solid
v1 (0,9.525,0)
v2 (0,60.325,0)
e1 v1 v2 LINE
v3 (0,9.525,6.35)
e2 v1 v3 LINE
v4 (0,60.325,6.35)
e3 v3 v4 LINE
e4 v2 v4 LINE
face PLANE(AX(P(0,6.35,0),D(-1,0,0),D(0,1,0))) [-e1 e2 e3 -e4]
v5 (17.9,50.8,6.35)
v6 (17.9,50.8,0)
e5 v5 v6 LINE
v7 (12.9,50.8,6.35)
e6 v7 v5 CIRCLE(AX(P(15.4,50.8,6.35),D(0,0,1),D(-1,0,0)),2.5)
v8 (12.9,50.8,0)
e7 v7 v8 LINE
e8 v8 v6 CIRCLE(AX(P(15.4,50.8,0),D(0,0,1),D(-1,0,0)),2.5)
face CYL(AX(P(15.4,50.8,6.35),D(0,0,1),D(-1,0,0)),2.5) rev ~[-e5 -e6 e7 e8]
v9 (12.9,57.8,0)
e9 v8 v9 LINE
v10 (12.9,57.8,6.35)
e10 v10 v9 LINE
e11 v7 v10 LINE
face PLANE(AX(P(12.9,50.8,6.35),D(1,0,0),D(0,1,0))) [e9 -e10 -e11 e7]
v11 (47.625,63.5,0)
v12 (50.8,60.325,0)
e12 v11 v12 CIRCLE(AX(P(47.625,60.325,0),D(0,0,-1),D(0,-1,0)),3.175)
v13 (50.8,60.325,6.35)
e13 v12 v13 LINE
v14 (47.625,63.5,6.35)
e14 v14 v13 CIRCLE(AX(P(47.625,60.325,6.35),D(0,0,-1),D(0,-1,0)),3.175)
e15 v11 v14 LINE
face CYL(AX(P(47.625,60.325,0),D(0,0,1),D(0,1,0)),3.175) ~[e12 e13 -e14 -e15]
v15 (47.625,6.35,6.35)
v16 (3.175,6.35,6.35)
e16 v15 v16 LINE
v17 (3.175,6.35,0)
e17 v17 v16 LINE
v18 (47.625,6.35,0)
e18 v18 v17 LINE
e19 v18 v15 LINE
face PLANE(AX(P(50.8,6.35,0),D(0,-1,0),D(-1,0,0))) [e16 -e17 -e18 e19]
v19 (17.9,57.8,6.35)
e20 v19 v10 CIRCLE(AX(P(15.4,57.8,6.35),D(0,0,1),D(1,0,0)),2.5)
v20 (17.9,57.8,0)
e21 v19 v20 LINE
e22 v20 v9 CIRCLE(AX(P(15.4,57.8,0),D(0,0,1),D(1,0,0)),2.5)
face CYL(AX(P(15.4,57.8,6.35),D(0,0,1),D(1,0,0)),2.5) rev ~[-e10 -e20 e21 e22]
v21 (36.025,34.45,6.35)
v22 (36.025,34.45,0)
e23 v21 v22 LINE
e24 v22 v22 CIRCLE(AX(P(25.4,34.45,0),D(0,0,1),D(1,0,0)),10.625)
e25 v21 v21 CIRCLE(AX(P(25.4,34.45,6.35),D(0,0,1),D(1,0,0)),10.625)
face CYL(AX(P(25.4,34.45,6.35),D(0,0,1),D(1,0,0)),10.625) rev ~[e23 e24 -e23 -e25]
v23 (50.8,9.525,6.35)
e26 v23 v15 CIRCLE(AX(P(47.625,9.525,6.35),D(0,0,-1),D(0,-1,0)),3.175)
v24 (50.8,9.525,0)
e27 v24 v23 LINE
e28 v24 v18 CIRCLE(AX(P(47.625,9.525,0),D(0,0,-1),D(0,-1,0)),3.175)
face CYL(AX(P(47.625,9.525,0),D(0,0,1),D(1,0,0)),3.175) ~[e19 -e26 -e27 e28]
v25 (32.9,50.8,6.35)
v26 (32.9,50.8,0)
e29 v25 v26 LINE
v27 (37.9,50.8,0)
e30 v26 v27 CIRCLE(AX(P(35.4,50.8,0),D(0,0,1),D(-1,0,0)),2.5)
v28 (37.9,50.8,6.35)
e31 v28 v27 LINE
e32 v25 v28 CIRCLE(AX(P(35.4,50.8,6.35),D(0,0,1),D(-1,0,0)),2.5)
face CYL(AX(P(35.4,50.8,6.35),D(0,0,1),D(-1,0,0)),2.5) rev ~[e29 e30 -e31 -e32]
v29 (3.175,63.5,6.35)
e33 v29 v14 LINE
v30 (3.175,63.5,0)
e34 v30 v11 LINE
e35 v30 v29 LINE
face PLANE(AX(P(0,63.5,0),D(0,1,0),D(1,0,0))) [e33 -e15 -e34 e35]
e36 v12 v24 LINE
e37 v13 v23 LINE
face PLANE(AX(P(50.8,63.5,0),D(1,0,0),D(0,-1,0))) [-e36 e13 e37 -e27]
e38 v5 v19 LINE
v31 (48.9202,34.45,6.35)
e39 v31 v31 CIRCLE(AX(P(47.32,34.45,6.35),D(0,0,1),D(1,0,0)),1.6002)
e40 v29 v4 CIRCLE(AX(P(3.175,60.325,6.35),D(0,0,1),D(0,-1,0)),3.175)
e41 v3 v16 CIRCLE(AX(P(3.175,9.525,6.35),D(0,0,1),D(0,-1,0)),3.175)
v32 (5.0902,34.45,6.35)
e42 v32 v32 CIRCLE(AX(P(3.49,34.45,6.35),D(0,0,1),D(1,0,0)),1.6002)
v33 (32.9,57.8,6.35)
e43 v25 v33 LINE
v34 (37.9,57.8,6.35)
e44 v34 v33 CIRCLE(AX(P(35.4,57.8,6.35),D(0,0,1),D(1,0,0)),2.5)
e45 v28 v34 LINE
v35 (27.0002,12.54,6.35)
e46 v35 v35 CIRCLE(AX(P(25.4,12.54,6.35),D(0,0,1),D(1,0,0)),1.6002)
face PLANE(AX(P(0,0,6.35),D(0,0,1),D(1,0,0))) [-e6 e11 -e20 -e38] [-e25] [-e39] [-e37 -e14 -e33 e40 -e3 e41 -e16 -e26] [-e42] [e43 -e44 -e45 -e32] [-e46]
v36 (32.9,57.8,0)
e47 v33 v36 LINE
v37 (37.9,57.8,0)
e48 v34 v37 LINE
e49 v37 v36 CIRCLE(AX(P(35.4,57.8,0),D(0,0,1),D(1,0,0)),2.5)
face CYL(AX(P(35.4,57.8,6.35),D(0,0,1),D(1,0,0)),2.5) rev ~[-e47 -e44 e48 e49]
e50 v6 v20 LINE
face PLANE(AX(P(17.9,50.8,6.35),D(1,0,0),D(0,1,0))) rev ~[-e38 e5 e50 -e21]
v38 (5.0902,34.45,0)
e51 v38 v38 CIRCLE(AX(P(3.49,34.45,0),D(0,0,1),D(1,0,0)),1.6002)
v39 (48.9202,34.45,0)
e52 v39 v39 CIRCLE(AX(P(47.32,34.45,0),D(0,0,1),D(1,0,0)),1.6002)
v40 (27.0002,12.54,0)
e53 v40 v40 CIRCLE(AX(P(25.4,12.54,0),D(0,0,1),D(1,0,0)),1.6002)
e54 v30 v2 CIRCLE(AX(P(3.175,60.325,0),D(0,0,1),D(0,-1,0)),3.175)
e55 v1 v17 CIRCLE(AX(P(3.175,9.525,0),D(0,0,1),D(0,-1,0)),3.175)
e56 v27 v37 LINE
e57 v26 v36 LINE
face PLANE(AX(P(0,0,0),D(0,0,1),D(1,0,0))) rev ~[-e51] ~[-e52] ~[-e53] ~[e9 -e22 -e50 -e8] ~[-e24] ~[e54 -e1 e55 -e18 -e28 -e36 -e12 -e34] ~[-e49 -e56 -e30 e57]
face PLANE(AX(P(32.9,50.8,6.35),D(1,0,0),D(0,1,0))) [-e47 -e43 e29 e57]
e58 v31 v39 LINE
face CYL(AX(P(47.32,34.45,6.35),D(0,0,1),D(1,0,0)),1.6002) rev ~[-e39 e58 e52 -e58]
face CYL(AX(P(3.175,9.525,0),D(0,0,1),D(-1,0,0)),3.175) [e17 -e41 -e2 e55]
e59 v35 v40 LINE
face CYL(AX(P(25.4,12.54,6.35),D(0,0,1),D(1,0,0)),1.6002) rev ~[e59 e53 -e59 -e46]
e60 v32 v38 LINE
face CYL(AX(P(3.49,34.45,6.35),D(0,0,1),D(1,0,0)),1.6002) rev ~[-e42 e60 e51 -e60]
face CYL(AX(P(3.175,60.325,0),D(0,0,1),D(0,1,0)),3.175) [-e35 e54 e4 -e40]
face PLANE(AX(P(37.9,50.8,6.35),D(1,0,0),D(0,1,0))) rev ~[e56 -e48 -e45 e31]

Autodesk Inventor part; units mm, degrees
ref_plane "YZ Plane" through (0, 0, 0) normal (1, 0, 0) x (0, 1, 0)
ref_plane "XZ Plane" through (0, 0, 0) normal (0, 1, 0) x (-1, 0, 0)
ref_plane "XY Plane" through (0, 0, 0) normal (0, 0, 1) x (1, 0, 0)
sketch "Sketch1" plane through (0, 0, 0) normal (0, 0, 1) x (1, 0, 0)
  line L0 (0, 63.5) -> (50.8, 63.5)
  line L1 (50.8, 63.5) -> (50.8, 6.35)
  line L2 (50.8, 6.35) -> (0, 6.35)
  line L3 (0, 6.35) -> (0, 63.5)
  dimension "d25" = 50.8
  dimension "d26" = 57.15
extrude "Extrusion4" add sketch "Sketch1" along normal blind 6.35
sketch "Sketch3" plane through (0, 0, 6.35) normal (0, 0, 1) x (1, 0, 0)
  line L0 (0, 63.5) -> (50.8, 63.5) projected
  line L1 (0, 6.35) -> (0, 63.5) projected
  circle A0 centre (25.4, 34.45) radius 10.625
  dimension "d29" = 21.25
  dimension "d30" = 25.4
  dimension "d31" = 29.05
extrude "Extrusion5" cut sketch "Sketch3" against normal through all
sketch "Sketch4" plane through (0, 0, 6.35) normal (0, 0, 1) x (1, 0, 0)
  line L0 (0, 63.5) -> (50.8, 63.5) projected
  line L1 (0, 6.35) -> (0, 63.5) projected
  circle A0 centre (3.49, 34.45) radius 1.6002
  circle A1 centre (47.32, 34.45) radius 1.6002
  circle A2 centre (25.4, 12.54) radius 1.6002
  dimension "d37" = 3.2004
  dimension "d38" = 3.49
  dimension "d39" = 29.05
  dimension "d40" = 3.2004
  dimension "d41" = 47.32
  dimension "d42" = 29.05
  dimension "d43" = 3.2004
  dimension "d44" = 25.4
  dimension "d45" = 50.96
extrude "Extrusion6" cut sketch "Sketch4" against normal through all
sketch "Sketch5" plane through (0, 0, 6.35) normal (0, 0, 1) x (1, 0, 0)
  line L0 (0, 63.5) -> (50.8, 63.5) projected
  line L1 (0, 6.35) -> (0, 63.5) projected
  arc A0 (12.9, 50.8) -> (17.9, 50.8) centre (15.4, 50.8) ccw
  line L2 (50.8, 6.35) -> (0, 6.35) projected
  line L3 (12.9, 50.8) -> (12.9, 57.8)
  line L4 (17.9, 50.8) -> (17.9, 57.8)
  arc A1 (17.9, 57.8) -> (12.9, 57.8) centre (15.4, 57.8) ccw
  dimension "d49" = 5
  dimension "d51" = 12.7
  dimension "d53" = 15.4
  dimension "d62" = 7
  dimension "d63" = 7
  dimension "d64" = 5
extrude "Extrusion7" cut sketch "Sketch5" against normal through all
pattern_linear "Rectangular Pattern1" count 2 spacing 20 along (1, 0, 0) of "Extrusion7"
fillet "Fillet1" radius 3.175 4 edges at (0, 63.5, 3.175) (50.8, 63.5, 3.175) (50.8, 6.35, 3.175) (0, 6.35, 3.175)
equation "\"d40\" = d37"
equation "\"d42\" = d39"
equation "\"d43\" = d37"
equation "\"d49\" = d48"
equation "\"d63\" = d62"
equation "\"d48\" = 5"
properties part number "SM-S06" material "Polycarbonate, Smoke"
